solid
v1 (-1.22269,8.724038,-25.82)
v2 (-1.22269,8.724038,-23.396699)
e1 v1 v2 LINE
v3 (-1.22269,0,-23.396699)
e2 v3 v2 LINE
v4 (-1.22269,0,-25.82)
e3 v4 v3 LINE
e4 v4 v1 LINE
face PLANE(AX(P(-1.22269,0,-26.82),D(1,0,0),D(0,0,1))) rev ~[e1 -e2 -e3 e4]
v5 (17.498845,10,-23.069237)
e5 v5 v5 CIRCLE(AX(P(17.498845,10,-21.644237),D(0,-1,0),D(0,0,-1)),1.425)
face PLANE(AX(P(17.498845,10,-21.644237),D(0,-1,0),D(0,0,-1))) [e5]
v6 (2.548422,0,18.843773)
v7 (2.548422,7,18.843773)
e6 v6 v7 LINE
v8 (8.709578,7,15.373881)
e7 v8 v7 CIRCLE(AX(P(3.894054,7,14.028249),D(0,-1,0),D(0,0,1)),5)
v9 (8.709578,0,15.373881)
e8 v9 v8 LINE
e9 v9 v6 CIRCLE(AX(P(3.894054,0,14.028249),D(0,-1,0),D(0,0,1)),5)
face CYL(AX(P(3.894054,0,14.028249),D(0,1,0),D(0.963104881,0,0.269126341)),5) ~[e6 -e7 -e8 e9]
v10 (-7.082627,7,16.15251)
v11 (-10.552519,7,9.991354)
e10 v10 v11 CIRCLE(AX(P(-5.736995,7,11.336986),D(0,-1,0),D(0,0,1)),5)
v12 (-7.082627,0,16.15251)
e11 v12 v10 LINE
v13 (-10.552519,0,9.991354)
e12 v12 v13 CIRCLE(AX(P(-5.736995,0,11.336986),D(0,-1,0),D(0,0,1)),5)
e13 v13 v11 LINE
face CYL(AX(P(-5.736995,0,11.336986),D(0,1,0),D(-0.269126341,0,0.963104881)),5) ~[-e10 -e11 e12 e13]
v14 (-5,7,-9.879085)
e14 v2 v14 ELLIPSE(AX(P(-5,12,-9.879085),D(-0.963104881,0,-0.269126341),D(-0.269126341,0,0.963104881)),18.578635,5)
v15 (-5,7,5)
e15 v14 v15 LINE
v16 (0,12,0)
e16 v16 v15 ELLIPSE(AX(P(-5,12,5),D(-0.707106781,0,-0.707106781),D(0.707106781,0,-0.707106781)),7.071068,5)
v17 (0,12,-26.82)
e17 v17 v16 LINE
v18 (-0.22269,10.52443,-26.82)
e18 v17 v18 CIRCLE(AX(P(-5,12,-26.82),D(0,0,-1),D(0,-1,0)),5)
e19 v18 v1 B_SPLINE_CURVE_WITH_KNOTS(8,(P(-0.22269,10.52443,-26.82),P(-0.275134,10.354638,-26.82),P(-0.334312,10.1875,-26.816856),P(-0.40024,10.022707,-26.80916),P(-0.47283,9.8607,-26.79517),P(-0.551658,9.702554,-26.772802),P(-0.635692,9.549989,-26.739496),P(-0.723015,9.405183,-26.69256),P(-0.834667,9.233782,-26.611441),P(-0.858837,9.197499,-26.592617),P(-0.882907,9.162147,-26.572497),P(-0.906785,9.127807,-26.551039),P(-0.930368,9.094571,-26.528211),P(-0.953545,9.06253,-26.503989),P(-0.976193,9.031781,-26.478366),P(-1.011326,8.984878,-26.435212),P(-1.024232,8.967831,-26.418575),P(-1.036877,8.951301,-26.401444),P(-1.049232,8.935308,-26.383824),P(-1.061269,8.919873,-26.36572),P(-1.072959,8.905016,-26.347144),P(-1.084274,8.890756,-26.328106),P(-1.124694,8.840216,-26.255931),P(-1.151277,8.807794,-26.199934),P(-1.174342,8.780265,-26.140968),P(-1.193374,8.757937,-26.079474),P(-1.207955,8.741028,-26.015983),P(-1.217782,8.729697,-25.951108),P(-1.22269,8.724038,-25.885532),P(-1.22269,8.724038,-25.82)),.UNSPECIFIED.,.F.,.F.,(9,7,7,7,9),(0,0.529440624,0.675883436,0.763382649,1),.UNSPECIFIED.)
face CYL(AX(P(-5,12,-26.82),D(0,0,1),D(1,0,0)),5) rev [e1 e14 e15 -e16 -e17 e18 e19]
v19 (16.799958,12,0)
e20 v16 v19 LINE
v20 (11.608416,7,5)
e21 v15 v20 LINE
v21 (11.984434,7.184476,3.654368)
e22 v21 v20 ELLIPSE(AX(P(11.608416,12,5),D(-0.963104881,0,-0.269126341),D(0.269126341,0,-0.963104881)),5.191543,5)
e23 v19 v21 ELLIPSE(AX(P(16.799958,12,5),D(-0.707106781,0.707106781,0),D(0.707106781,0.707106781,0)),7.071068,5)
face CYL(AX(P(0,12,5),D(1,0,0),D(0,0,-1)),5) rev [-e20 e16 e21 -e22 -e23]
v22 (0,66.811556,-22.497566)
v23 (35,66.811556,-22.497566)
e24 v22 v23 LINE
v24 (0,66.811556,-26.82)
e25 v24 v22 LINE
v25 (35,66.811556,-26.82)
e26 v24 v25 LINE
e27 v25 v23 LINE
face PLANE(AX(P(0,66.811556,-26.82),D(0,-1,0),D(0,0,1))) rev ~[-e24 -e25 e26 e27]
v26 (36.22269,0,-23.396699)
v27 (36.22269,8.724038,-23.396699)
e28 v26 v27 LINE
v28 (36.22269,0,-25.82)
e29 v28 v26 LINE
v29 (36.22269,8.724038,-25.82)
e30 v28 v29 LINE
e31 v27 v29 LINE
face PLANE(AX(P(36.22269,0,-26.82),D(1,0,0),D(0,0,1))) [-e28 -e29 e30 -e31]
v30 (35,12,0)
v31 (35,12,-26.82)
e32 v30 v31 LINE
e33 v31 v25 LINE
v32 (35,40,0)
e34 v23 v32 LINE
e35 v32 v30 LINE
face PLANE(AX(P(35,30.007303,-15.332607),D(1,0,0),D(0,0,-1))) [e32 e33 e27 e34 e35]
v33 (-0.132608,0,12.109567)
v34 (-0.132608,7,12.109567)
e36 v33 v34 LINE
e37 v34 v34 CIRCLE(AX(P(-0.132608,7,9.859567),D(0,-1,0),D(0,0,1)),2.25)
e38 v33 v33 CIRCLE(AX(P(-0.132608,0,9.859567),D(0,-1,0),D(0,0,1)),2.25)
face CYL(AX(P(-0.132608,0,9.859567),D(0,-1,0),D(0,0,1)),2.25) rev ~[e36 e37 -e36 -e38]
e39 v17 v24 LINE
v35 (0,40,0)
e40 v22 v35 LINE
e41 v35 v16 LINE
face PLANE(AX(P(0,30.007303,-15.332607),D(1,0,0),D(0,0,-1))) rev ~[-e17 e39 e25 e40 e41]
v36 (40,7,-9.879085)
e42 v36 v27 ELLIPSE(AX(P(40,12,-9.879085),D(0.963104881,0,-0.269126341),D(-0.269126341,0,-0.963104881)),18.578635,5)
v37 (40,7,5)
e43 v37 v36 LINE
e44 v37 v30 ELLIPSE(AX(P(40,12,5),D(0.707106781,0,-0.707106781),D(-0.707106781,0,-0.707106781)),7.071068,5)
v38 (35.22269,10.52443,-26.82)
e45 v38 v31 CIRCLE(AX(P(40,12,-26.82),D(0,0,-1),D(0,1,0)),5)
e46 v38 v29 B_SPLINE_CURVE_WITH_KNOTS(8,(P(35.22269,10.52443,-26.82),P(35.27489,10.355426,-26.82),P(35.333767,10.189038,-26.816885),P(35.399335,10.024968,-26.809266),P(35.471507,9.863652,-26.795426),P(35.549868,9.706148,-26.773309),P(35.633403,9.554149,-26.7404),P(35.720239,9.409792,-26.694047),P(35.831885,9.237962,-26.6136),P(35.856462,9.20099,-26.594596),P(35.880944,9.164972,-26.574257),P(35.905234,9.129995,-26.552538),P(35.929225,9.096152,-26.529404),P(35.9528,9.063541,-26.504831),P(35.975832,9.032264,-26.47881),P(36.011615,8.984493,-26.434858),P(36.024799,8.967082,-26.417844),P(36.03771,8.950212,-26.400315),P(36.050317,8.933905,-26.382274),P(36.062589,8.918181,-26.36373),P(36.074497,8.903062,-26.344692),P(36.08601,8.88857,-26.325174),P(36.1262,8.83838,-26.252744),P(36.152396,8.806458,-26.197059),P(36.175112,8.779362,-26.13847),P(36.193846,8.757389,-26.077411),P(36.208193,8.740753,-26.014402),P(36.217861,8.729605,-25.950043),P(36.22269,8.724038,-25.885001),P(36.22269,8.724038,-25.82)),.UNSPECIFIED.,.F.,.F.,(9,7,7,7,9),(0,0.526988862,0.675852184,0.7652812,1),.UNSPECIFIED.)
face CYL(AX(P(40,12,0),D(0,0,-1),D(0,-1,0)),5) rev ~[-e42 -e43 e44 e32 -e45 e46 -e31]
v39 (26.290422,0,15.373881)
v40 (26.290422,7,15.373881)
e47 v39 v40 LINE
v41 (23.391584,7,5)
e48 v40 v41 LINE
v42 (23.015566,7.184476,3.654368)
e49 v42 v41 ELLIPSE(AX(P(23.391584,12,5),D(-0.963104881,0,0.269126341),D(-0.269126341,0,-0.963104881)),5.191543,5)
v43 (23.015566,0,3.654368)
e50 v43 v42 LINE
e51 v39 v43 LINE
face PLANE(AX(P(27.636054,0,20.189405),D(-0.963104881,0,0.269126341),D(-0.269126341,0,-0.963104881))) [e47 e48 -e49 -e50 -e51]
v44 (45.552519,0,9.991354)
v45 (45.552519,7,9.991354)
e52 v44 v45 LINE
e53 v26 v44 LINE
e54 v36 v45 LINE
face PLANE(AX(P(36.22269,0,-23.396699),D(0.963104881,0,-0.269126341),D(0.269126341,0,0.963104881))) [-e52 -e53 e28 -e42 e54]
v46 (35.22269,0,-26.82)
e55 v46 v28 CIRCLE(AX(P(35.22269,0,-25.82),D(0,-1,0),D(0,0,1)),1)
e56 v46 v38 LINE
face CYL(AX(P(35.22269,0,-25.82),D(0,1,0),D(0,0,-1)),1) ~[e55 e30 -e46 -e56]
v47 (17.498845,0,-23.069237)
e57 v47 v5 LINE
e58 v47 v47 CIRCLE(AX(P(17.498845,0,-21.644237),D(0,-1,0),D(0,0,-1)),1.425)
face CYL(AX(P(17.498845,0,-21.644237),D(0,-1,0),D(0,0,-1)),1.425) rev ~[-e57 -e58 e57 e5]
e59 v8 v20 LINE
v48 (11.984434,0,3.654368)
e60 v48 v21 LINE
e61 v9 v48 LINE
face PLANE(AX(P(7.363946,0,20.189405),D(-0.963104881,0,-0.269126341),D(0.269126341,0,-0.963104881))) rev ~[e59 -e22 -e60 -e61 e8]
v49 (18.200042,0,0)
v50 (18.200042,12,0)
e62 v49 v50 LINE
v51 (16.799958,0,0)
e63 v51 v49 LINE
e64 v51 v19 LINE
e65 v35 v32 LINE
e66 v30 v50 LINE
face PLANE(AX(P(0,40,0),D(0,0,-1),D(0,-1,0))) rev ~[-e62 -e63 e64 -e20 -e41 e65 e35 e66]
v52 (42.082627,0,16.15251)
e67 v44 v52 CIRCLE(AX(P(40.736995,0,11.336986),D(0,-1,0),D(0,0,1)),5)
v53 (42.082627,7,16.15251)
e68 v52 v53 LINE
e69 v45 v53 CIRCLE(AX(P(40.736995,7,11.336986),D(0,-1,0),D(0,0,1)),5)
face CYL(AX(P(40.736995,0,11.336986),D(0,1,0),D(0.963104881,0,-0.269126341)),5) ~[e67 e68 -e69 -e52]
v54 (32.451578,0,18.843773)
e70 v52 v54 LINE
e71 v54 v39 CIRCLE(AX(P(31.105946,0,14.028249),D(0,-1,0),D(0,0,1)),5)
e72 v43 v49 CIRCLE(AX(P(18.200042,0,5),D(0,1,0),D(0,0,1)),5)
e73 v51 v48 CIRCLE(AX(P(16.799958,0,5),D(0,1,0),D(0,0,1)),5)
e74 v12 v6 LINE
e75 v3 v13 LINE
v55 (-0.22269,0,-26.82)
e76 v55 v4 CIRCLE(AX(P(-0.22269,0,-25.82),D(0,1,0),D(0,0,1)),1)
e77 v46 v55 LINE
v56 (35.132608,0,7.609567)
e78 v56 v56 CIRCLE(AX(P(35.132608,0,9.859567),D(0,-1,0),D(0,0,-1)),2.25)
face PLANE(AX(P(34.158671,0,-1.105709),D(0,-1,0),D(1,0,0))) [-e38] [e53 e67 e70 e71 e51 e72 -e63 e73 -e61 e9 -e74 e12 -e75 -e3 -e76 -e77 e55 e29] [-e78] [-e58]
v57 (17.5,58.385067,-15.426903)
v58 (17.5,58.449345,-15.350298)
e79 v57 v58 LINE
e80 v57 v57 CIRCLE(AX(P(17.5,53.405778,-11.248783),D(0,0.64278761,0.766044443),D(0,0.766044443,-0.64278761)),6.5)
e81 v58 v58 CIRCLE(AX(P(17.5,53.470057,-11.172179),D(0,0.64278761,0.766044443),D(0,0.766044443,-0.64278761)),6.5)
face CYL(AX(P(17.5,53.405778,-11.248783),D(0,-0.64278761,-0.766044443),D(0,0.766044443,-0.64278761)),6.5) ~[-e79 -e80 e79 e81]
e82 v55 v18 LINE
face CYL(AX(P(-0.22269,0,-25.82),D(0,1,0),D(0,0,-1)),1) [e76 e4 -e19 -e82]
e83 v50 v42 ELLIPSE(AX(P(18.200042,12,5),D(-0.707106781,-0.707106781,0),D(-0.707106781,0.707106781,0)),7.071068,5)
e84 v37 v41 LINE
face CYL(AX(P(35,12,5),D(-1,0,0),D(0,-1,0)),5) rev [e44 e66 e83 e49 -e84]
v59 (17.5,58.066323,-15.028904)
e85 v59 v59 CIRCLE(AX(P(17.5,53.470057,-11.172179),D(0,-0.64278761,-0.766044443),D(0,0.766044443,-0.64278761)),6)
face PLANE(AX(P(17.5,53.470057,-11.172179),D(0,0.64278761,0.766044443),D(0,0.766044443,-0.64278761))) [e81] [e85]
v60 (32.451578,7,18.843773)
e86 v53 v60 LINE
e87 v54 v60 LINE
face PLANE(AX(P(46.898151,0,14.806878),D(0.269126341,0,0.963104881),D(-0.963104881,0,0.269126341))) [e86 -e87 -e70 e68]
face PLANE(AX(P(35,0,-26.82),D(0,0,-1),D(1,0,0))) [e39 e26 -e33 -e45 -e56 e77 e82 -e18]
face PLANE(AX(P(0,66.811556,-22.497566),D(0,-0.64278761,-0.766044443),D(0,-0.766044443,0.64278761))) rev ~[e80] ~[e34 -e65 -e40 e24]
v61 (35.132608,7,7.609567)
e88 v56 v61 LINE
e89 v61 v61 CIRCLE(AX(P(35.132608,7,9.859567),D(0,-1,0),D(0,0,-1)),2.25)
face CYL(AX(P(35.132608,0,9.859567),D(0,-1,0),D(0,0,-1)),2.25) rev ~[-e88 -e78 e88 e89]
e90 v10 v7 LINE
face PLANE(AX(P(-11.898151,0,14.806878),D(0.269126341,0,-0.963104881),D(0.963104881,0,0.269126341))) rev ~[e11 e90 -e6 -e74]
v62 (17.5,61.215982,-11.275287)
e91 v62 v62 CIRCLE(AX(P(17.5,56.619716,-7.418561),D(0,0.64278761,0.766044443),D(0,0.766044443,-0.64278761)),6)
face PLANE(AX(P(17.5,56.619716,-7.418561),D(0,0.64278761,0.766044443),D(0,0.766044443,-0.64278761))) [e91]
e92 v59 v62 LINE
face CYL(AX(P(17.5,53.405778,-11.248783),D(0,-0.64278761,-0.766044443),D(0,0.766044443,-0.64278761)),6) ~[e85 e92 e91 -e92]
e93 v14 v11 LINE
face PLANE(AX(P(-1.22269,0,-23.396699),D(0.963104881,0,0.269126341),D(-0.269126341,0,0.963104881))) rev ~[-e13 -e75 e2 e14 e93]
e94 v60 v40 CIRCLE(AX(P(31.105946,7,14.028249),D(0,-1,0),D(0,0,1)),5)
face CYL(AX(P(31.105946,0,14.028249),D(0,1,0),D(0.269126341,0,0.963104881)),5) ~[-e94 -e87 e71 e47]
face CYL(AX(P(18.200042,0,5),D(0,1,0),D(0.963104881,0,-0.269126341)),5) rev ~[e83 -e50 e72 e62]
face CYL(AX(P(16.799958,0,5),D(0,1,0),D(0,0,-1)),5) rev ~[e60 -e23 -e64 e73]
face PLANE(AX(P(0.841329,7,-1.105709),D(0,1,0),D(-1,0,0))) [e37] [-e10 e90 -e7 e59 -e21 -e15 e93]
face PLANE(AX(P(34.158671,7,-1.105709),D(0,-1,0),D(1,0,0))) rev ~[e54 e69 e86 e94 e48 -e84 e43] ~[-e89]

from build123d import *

# Parameters (mm, degrees)
AUFSATZ_LINEAR_AUSTRAGEN1_DEPTH = 35
SKIZZE3_R                       = 6
AUFSATZ_LINEAR_AUSTRAGEN2_DEPTH = 5
SKIZZE4_R                       = 6.5
AUFSATZ_LINEAR_AUSTRAGEN3_DEPTH = 0.1
SKIZZE9_R                       = 1.425
SCHNITT_LINEAR_AUSTRAGEN2_DEPTH = 10
SKIZZE10_R                      = 2.25
AUFSATZ_LINEAR_AUSTRAGEN4_DEPTH = 7
VERRUNDUNG1_R                   = 5
VERRUNDUNG2_R                   = 1


with BuildPart() as part:
    # Skizze1 → Aufsatz-Linear austragen1 (new body)
    with BuildSketch(Plane(origin=(0, 0, 0), x_dir=(0, 0, -1), z_dir=(1, 0, 0))):
        Polygon((0, 0), (22.497566339, 0), (26.82, 0), (26.82, 66.811555509), (22.497566339, 66.811555509), (0, 40), align=None)
    extrude(amount=AUFSATZ_LINEAR_AUSTRAGEN1_DEPTH)

    # Skizze3 → Aufsatz-Linear austragen2 (add)
    with BuildSketch(Plane(origin=(0, 16.527036447, 19.69615506), x_dir=(1, 0, 0), z_dir=(0, 0.6427876096865378, 0.7660444431189795))):
        with Locations(Location((17.5, 48.141777725, 0), (0, 0, 90))):
            Circle(SKIZZE3_R)
    extrude(amount=AUFSATZ_LINEAR_AUSTRAGEN2_DEPTH)

    # Skizze4 → Aufsatz-Linear austragen3 (add)
    with BuildSketch(Plane(origin=(0, 16.527036447, 19.69615506), x_dir=(1, 0, 0), z_dir=(0, 0.6427876096865378, 0.7660444431189795))):
        with Locations(Location((17.5, 48.141777725, 0), (0, 0, 90))):
            Circle(SKIZZE4_R)
    extrude(amount=AUFSATZ_LINEAR_AUSTRAGEN3_DEPTH)

    # Skizze9 → Schnitt-Linear austragen2 (cut)
    with BuildSketch(Plane.XZ):
        with Locations(Location((17.498844944, -21.644236877, 0), (0, 0, 270))):
            Circle(SKIZZE9_R)
    extrude(amount=-SCHNITT_LINEAR_AUSTRAGEN2_DEPTH, mode=Mode.SUBTRACT)

    # Skizze10 → Aufsatz-Linear austragen4 (add)
    # profile 1 of 2: a face of its own
    with BuildSketch(Plane.XZ):
        Polygon((35, -26.82), (36.222689888, -26.82), (36.222689888, -23.396698607), (46.898151193, 14.806878364), (27.636053566, 20.189405189), (21.994403466, 0), align=None)
        with Locations(Location((35.132608407, 9.859567437, 0), (0, 0, 270))):
            Circle(SKIZZE10_R, mode=Mode.SUBTRACT)
    # profile 2 of 2: a face of its own
    with BuildSketch(Plane.XZ):
        Polygon((-1.222689888, -26.82), (-1.222689888, -23.396698607), (-11.898151193, 14.806878364), (7.363946434, 20.189405189), (13.005596534, 0), (0, -26.82), align=None)
        with Locations(Location((-0.132608407, 9.859567437, 0), (0, 0, 90))):
            Circle(SKIZZE10_R, mode=Mode.SUBTRACT)
    extrude(amount=-AUFSATZ_LINEAR_AUSTRAGEN4_DEPTH)

    # Verrundung1
    verrundung1_edges = [part.edges().sort_by_distance(p)[0] for p in [
        (6.502798267, 7, 0),
        (28.497201733, 7, 0),
        (35, 7, -13.41),
        (0, 7, -13.41),
        (-11.898151193, 3.5, 14.806878364),
        (7.363946434, 3.5, 20.189405189),
        (46.898151193, 3.5, 14.806878364),
        (27.636053566, 3.5, 20.189405189),
        (21.994403466, 3.5, 0),
        (13.005596534, 3.5, 0),
    ]]
    fillet(verrundung1_edges, radius=VERRUNDUNG1_R)

    # Verrundung2
    verrundung2_edges = [part.edges().sort_by_distance(p)[0] for p in [
        (36.222689888, 4.362018901, -26.82),
        (-1.222689888, 4.362018901, -26.82),
    ]]
    fillet(verrundung2_edges, radius=VERRUNDUNG2_R)


solid = part.part
